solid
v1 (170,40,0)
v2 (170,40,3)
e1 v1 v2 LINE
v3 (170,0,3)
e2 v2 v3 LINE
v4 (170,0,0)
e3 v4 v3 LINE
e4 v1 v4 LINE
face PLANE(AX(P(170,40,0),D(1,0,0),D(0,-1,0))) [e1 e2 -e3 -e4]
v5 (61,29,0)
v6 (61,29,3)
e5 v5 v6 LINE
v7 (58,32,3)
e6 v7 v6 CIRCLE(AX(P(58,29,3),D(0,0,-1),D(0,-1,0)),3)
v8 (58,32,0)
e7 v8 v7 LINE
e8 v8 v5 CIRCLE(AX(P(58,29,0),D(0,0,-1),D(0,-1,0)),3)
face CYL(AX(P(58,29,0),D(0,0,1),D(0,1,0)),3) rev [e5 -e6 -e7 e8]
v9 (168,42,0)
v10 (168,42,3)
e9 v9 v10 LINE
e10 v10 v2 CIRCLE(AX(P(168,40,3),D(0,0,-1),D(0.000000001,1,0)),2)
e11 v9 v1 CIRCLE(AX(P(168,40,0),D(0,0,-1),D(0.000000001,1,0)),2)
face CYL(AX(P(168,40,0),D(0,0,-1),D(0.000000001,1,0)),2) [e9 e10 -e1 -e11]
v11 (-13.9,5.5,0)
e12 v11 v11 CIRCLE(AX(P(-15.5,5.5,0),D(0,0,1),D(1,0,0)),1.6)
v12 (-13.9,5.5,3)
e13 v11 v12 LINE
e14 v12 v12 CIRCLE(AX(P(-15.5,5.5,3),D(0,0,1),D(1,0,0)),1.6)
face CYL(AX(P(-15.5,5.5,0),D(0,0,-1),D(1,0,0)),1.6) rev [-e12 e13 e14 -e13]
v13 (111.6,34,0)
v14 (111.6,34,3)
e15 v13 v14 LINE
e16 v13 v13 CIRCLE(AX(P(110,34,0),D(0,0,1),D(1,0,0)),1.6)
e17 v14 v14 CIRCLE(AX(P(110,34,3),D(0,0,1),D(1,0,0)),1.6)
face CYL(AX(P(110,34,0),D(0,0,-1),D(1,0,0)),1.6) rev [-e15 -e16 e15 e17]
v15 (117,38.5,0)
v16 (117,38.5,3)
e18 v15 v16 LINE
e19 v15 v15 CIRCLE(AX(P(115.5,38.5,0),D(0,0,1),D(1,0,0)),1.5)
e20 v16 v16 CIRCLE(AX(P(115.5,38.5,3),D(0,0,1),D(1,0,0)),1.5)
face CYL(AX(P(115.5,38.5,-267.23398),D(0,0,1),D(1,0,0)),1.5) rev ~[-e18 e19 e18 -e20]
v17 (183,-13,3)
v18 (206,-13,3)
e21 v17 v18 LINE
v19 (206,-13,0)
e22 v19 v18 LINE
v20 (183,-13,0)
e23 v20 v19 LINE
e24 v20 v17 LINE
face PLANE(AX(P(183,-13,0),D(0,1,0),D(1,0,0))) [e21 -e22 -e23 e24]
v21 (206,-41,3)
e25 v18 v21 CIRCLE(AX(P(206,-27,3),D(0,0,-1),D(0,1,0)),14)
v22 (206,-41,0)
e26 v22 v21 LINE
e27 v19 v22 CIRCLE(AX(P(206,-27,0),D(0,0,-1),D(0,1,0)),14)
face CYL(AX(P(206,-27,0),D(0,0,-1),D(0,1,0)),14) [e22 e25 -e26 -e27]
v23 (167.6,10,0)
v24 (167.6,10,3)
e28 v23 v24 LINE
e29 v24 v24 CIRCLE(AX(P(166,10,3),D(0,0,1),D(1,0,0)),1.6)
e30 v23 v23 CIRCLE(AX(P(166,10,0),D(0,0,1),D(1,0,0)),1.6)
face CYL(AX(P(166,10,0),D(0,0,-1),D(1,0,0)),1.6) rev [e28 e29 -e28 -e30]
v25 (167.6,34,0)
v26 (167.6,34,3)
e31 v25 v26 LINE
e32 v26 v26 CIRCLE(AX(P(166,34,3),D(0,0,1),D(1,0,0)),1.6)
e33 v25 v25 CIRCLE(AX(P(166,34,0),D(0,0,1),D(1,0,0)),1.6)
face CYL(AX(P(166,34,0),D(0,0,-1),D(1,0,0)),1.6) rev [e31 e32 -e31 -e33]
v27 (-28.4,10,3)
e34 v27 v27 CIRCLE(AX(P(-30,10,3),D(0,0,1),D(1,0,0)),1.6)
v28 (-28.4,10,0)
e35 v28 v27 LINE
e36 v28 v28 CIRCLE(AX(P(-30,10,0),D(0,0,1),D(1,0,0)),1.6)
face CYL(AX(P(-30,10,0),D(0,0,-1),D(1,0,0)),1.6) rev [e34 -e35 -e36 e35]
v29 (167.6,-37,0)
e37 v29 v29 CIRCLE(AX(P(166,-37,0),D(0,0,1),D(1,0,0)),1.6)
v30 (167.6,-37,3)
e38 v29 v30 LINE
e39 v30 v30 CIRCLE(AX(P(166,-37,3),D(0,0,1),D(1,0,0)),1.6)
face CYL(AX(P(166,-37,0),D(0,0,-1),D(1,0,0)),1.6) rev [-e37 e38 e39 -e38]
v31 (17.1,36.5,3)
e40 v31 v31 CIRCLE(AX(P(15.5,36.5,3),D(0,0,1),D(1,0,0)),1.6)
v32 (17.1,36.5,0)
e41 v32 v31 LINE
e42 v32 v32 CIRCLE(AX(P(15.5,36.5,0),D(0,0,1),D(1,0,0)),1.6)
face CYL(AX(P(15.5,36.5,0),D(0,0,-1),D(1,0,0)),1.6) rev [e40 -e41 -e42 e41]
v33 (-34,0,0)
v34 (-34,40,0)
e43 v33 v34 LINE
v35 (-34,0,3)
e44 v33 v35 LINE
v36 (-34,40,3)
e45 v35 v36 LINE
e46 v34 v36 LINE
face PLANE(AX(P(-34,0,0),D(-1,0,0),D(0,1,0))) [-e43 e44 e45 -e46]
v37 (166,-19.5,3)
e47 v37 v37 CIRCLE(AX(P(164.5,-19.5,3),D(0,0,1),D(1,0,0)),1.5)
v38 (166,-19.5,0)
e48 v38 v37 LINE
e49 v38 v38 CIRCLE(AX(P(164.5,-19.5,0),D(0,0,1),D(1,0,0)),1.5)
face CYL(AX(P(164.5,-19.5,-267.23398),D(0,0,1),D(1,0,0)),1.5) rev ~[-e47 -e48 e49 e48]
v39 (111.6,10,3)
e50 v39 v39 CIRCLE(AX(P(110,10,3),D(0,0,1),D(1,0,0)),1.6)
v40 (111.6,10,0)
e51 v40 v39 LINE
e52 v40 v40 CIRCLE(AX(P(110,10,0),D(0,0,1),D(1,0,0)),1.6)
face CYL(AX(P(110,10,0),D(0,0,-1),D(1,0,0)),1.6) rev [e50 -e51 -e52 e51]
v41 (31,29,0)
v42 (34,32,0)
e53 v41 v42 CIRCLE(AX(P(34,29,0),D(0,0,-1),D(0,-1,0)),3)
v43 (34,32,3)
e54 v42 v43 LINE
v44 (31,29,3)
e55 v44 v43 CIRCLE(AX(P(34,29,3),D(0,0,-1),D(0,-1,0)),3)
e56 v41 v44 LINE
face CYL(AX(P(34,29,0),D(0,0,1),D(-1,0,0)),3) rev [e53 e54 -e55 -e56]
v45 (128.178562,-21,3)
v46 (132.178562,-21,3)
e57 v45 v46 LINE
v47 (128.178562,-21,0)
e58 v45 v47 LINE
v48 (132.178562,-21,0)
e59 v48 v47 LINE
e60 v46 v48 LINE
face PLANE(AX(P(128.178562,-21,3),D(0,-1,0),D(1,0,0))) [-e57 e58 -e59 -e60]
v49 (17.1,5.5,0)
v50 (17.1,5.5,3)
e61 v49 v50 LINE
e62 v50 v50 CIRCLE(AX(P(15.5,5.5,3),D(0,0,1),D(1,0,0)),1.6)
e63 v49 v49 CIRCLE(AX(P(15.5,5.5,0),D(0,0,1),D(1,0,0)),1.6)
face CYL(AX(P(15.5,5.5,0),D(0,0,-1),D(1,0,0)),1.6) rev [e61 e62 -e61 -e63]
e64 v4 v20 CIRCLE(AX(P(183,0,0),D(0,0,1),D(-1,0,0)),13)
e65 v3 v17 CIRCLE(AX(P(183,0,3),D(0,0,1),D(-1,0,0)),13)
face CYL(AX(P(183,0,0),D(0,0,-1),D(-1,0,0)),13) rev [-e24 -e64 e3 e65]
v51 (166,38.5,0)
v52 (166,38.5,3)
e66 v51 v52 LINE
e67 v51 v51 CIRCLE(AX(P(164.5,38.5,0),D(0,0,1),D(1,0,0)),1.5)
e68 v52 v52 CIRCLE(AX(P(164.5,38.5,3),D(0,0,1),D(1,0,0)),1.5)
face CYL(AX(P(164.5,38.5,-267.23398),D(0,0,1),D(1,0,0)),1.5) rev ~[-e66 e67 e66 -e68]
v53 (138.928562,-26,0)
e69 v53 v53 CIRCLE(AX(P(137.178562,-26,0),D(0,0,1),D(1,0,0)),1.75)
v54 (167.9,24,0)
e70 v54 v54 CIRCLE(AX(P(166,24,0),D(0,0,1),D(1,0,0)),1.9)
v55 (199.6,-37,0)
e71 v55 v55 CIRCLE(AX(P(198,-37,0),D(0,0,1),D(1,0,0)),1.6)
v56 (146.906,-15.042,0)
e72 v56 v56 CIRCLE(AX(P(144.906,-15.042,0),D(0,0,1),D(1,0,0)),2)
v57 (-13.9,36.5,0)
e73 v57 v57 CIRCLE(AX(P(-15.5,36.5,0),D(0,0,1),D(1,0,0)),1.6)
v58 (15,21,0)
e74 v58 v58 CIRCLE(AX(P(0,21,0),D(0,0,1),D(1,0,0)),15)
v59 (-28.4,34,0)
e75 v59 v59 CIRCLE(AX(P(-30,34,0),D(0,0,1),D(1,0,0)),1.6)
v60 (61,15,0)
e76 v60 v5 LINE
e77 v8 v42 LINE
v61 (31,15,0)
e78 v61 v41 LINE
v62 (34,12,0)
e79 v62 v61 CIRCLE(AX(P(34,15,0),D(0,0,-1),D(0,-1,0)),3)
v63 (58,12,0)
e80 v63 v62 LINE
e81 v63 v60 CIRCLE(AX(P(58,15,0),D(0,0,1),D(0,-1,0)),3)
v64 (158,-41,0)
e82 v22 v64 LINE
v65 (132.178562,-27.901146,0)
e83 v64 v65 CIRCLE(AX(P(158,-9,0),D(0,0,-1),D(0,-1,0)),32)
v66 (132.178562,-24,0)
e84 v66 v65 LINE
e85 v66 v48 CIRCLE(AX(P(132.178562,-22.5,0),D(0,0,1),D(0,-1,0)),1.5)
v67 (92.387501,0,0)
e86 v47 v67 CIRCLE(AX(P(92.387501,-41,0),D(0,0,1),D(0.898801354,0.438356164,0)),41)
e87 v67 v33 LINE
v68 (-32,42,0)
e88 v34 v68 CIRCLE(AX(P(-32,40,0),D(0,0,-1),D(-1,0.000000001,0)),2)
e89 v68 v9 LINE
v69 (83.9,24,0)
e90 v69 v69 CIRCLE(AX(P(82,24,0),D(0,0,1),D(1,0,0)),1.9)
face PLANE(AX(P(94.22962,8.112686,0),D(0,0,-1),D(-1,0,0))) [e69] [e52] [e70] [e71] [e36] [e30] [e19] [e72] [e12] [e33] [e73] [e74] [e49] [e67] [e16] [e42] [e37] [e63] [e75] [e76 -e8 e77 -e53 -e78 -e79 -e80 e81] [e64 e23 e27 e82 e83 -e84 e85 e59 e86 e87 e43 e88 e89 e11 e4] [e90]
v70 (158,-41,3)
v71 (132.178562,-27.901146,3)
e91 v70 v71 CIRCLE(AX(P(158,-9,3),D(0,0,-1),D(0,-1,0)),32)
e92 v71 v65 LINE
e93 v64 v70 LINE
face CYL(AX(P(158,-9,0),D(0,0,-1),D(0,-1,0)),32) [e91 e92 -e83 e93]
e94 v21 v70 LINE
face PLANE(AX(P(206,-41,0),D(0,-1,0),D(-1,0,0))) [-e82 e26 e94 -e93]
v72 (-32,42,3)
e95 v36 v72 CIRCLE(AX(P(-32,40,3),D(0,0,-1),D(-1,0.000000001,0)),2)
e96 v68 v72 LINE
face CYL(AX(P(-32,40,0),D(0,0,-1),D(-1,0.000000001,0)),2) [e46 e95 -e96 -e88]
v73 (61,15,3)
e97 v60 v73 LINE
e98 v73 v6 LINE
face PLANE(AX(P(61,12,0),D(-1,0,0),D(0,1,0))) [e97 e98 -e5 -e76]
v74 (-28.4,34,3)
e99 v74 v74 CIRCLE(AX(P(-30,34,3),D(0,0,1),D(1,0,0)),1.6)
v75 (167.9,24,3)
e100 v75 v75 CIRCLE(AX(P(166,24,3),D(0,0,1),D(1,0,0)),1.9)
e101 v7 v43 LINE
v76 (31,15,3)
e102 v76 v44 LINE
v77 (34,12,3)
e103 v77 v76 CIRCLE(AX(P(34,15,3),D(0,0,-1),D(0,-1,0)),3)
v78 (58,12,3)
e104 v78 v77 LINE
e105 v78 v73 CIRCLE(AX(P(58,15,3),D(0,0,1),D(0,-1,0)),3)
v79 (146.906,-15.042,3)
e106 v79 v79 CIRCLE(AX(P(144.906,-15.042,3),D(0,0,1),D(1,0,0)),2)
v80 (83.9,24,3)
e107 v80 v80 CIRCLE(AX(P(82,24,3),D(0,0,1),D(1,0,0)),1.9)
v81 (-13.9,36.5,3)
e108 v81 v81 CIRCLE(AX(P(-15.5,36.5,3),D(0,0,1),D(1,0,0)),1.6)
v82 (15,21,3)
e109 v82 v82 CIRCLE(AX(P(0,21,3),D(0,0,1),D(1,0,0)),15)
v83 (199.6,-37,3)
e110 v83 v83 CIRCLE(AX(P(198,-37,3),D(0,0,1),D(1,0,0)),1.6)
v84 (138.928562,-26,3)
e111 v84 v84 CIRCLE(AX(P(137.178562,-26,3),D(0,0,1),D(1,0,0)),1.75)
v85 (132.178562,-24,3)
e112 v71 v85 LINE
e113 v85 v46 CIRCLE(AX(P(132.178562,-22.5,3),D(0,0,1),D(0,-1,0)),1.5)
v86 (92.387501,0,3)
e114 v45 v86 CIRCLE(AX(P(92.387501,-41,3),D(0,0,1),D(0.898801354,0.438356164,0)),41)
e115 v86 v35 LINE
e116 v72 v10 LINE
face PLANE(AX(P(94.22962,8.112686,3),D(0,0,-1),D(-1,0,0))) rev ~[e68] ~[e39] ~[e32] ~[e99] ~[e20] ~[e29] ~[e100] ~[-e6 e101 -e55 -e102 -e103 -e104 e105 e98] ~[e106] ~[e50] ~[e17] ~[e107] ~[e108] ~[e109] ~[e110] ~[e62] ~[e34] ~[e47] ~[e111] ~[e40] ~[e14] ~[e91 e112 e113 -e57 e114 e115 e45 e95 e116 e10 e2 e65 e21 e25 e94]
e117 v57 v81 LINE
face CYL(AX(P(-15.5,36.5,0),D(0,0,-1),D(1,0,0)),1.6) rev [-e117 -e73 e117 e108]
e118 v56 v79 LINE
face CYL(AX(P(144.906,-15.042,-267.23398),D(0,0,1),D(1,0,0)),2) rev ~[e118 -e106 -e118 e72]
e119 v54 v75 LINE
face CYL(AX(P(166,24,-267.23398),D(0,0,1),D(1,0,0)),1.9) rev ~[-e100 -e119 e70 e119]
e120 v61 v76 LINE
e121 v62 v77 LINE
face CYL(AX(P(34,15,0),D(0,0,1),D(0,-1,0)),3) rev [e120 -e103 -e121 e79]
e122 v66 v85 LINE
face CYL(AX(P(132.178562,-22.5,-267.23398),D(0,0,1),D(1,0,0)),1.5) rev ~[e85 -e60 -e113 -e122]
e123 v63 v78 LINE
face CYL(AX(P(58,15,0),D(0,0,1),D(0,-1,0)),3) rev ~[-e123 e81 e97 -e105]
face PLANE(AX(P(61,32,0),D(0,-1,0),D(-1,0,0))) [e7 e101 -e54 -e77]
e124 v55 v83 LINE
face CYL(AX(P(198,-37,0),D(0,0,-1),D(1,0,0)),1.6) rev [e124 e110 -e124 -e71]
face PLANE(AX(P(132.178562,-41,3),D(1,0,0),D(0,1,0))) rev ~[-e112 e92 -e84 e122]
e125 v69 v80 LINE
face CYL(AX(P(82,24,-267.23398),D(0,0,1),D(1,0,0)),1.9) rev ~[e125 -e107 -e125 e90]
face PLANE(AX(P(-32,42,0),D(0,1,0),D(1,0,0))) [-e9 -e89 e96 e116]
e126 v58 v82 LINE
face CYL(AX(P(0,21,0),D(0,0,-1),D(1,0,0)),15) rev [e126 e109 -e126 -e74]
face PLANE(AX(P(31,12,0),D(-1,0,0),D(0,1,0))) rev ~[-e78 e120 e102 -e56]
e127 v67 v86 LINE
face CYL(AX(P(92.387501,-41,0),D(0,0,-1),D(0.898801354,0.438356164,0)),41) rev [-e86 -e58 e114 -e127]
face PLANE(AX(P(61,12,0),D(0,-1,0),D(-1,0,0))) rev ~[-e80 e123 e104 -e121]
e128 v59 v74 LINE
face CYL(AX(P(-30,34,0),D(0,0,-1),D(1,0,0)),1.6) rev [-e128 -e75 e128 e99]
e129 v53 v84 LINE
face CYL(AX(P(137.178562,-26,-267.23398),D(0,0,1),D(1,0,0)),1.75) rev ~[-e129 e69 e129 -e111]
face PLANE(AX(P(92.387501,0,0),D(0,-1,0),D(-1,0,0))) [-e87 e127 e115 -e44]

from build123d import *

# Parameters (mm, degrees)
SKETCH_1_R          = 1.6
SKETCH_1_R_2        = 15
EXTRUDE_1_DEPTH     = 3
SKETCH_3_W          = 4
SKETCH_3_H          = 20
CUT_EXTRUDE_2_DEPTH = 10
HOLE_WIZARD_1_D     = 3.5
HOLE_WIZARD_3_D     = 3
HOLE_WIZARD_6_D     = 3.8
HOLE_WIZARD_8_D     = 4
SKETCH_25_W         = 30
SKETCH_25_H         = 20
CUT_EXTRUDE_3_DEPTH = 10
FILLET_1_R          = 3
HOLE_WIZARD_9_D     = 3


with BuildPart() as part:
    # 草图1 → 凸台-拉伸1 (new body)
    with BuildSketch(Plane.XY):
        with BuildLine():
            Line((-34, 0), (-34, 40))
            ThreePointArc((-34, 40), (-33.414213562, 41.414213562), (-32, 42))
            Line((-32, 42), (168, 42))
            ThreePointArc((168, 42), (169.414213562, 41.414213562), (170, 40))
            Line((170, 40), (170, 0))
            ThreePointArc((170, 0), (173.807611845, -9.192388155), (183, -13))
            Line((183, -13), (206, -13))
            ThreePointArc((206, -13), (220, -27), (206, -41))
            Line((206, -41), (158, -41))
            ThreePointArc((158, -41), (141.042357362, -36.137397741), (129.238356686, -23.02739726))
            ThreePointArc((129.238356686, -23.02739726), (114.114480821, -6.230209144), (92.387501191, 0))
            Line((92.387501191, 0), (-34, 0))
        make_face()
        with Locations((15.5, 5.5)):
            Circle(SKETCH_1_R, mode=Mode.SUBTRACT)
        with Locations((-15.5, 5.5)):
            Circle(SKETCH_1_R, mode=Mode.SUBTRACT)
        with Locations((-15.5, 36.5)):
            Circle(SKETCH_1_R, mode=Mode.SUBTRACT)
        with Locations((15.5, 36.5)):
            Circle(SKETCH_1_R, mode=Mode.SUBTRACT)
        with Locations((166, 34)):
            Circle(SKETCH_1_R, mode=Mode.SUBTRACT)
        with Locations((166, 10)):
            Circle(SKETCH_1_R, mode=Mode.SUBTRACT)
        with Locations((-30, 10)):
            Circle(SKETCH_1_R, mode=Mode.SUBTRACT)
        with Locations((-30, 34)):
            Circle(SKETCH_1_R, mode=Mode.SUBTRACT)
        with Locations((0, 21)):
            Circle(SKETCH_1_R_2, mode=Mode.SUBTRACT)
        with Locations((166, -37)):
            Circle(SKETCH_1_R, mode=Mode.SUBTRACT)
        with Locations((198, -37)):
            Circle(SKETCH_1_R, mode=Mode.SUBTRACT)
        with Locations((110, 34)):
            Circle(SKETCH_1_R, mode=Mode.SUBTRACT)
        with Locations((110, 10)):
            Circle(SKETCH_1_R, mode=Mode.SUBTRACT)
    extrude(amount=EXTRUDE_1_DEPTH)

    # 草图3 → 切除-拉伸2 (cut)
    with BuildSketch(Plane.XY.offset(3)):
        with Locations((130.178561527, -31)):
            Rectangle(SKETCH_3_W, SKETCH_3_H)
    extrude(amount=-CUT_EXTRUDE_2_DEPTH, mode=Mode.SUBTRACT)

    # 孔1 (through all)
    with Locations(Plane(origin=(0, 0, 0), x_dir=(-1, 0, 0), z_dir=(0, 0, -1))):
        with Locations((-137.178561527, -26)):
            Hole(HOLE_WIZARD_1_D / 2)

    # 孔3 (through all)
    with Locations(Plane(origin=(0, 0, 0), x_dir=(-1, 0, 0), z_dir=(0, 0, -1))):
        with Locations((-164.5, 38.5), (-115.5, 38.5), (-164.5, -19.5)):
            Hole(HOLE_WIZARD_3_D / 2)

    # 孔6 (through all)
    with Locations(Plane(origin=(0, 0, 0), x_dir=(-1, 0, 0), z_dir=(0, 0, -1))):
        with Locations((-166, 24), (-82, 24)):
            Hole(HOLE_WIZARD_6_D / 2)

    # 孔8 (through all)
    with Locations(Plane(origin=(0, 0, 0), x_dir=(-1, 0, 0), z_dir=(0, 0, -1))):
        with Locations((-144.906, -15.042)):
            Hole(HOLE_WIZARD_8_D / 2)

    # 草图25 → 切除-拉伸3 (cut)
    with BuildSketch(Plane(origin=(0, 0, 0), x_dir=(-1, 0, 0), z_dir=(0, 0, -1))):
        with Locations((-46, 22)):
            Rectangle(SKETCH_25_W, SKETCH_25_H)
    extrude(amount=-CUT_EXTRUDE_3_DEPTH, mode=Mode.SUBTRACT)

    # 圆角1
    fillet_1_edges = [part.edges().sort_by_distance(p)[0] for p in [
        (61, 12, 1.5),
        (61, 32, 1.5),
        (31, 32, 1.5),
        (31, 12, 1.5),
    ]]
    fillet(fillet_1_edges, radius=FILLET_1_R)

    # 孔9 (through all)
    with Locations(Plane(origin=(0, 0, 0), x_dir=(-1, 0, 0), z_dir=(0, 0, -1))):
        with Locations((-132.178561527, -22.5)):
            Hole(HOLE_WIZARD_9_D / 2)


solid = part.part
